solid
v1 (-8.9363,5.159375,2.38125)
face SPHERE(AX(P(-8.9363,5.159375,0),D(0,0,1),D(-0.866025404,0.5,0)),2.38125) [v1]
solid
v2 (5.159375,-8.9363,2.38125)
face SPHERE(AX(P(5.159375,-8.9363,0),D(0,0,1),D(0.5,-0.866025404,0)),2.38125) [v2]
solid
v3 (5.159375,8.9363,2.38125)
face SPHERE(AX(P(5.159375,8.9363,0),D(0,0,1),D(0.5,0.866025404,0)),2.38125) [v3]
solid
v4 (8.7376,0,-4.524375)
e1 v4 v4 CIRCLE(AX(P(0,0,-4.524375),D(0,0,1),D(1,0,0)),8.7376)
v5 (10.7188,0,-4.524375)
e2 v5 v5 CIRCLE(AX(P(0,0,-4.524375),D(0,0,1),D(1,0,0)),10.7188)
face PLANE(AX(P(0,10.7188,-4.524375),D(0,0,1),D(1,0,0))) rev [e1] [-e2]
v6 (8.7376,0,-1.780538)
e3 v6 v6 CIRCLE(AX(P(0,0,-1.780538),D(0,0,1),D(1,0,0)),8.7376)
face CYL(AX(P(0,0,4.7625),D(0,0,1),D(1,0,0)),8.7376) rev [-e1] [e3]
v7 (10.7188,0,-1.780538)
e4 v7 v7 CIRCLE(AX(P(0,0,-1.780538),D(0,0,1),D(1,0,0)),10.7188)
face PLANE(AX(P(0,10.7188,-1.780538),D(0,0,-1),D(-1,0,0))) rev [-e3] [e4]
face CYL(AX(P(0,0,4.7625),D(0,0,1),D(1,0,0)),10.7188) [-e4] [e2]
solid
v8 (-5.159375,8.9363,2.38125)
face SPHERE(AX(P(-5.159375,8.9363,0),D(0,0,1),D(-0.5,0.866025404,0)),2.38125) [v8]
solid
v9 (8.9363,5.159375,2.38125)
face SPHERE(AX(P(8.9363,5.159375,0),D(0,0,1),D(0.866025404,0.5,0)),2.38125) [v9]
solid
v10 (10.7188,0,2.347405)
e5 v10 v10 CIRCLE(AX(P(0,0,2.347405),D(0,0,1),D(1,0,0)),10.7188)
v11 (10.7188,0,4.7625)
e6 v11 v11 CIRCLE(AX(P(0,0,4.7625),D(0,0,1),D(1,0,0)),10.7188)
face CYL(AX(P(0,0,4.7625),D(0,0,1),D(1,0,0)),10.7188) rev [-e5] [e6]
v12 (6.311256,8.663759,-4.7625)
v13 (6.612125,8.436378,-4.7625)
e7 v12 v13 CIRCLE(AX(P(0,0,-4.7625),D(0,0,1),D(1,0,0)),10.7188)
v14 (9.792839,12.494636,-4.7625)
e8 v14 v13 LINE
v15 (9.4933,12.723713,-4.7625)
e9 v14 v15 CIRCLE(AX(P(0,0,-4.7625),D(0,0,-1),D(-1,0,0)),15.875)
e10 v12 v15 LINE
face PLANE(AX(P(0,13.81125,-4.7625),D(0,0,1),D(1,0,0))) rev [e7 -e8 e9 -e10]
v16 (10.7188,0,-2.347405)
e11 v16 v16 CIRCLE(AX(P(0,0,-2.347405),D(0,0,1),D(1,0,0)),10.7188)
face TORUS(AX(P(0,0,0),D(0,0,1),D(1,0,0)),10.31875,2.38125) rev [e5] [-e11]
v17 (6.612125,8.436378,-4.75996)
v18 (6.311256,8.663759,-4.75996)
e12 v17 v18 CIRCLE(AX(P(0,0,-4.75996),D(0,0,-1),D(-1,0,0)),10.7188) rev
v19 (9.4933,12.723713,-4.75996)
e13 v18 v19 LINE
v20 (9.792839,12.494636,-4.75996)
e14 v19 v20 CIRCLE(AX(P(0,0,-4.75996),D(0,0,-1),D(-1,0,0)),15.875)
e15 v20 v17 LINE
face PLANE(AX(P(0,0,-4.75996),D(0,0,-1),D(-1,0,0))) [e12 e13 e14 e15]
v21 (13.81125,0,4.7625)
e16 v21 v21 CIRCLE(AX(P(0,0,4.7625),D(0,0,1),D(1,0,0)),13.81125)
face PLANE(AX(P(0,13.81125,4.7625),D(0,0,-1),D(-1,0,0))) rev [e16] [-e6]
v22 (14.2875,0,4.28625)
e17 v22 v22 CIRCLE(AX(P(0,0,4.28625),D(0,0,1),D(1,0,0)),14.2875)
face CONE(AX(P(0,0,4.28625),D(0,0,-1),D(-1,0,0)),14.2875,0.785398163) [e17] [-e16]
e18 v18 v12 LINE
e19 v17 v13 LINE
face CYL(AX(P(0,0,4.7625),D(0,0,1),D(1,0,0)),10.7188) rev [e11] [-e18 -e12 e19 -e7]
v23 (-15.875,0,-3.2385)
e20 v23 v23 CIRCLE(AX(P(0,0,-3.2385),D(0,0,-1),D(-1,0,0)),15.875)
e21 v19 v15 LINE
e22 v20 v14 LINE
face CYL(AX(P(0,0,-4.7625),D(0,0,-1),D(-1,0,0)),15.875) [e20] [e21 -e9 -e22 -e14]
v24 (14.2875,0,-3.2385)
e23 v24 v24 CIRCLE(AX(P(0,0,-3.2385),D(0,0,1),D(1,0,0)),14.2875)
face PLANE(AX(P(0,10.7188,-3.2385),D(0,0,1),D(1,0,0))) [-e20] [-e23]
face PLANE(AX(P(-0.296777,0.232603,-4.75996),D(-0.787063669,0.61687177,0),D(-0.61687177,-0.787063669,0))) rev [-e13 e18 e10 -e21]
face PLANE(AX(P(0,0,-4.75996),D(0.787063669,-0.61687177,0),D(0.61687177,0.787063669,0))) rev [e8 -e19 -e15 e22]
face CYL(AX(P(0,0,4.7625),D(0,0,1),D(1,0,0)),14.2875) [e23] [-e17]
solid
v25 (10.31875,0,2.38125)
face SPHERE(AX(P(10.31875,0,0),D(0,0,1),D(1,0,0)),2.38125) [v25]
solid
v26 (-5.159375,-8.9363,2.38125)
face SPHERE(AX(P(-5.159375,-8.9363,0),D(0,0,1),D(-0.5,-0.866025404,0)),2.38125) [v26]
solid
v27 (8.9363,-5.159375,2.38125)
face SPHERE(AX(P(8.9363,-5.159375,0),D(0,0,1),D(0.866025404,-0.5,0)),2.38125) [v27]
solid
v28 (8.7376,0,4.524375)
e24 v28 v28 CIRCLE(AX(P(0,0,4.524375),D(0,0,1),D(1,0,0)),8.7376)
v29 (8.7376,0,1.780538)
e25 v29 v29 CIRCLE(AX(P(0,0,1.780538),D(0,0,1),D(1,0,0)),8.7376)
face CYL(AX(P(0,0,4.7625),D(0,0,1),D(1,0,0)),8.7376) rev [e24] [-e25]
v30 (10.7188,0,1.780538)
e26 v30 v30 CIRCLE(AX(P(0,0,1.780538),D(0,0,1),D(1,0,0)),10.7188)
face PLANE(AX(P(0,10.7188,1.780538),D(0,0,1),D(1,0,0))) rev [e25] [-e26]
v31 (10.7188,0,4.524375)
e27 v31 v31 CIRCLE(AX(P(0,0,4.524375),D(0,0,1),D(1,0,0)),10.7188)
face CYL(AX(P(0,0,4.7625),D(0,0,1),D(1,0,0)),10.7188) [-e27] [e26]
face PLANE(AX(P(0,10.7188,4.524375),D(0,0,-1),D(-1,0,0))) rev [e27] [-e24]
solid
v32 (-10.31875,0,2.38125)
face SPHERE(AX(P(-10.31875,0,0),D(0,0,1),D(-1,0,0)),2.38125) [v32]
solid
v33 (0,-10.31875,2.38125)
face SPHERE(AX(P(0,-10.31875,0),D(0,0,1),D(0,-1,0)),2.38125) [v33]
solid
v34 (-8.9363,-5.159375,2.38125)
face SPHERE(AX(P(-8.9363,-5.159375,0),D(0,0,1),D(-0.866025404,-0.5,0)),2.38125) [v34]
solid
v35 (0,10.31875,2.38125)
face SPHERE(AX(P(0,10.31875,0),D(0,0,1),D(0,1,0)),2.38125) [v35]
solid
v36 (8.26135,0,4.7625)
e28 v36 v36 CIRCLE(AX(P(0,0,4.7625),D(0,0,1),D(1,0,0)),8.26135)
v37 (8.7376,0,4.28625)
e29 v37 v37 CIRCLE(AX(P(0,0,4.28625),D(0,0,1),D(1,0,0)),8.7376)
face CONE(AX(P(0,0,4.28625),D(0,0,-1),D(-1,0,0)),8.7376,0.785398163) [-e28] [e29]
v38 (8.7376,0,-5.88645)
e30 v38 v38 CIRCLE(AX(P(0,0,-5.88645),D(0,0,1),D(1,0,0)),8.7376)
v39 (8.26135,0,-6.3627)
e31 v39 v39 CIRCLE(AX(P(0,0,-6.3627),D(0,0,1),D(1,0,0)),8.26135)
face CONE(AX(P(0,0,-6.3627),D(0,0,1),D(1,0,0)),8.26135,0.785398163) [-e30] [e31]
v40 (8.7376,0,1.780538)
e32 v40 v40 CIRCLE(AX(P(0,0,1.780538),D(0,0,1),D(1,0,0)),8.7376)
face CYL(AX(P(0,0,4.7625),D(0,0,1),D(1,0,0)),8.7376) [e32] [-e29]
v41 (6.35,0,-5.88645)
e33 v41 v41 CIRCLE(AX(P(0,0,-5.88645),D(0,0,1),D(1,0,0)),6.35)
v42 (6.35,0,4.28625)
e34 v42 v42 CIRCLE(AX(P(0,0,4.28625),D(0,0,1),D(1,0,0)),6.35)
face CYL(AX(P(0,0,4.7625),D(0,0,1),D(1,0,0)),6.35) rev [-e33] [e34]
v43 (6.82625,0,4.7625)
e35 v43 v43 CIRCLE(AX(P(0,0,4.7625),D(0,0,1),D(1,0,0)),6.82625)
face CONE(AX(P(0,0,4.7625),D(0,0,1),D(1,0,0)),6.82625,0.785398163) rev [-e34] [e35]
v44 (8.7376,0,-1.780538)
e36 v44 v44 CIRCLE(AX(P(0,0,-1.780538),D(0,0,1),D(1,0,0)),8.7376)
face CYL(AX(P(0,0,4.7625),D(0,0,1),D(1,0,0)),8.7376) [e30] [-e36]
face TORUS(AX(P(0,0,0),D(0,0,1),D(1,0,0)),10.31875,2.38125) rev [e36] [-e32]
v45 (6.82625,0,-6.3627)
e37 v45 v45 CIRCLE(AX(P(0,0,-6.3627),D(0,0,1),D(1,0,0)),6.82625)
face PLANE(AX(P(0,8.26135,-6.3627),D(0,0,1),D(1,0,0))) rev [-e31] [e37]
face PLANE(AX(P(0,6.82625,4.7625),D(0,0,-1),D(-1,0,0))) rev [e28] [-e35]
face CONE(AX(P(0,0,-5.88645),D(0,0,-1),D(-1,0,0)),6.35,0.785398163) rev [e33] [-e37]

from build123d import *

# Parameters (mm, degrees)
SKETCH6_W          = 1.524
SKETCH6_H          = 5.1562
CIRPATTERN1_COUNT  = 12
SKETCH5_W          = 2.743836812
SKETCH5_H          = 1.9812
CUT_EXTRUDE1_DEPTH = 0.00254


with BuildPart() as part:
    # Sketch1 → Revolve1 (revolve)
    with BuildSketch(Plane(origin=(0, 0, 0), x_dir=(0, 0, -1), z_dir=(1, 0, 0))):
        with BuildLine():
            Line((4.28625, 14.2875), (-4.28625, 14.2875))
            Line((-4.28625, 14.2875), (-4.7625, 13.81125))
            Line((-4.7625, 13.81125), (-4.7625, 10.7188))
            Line((-4.7625, 10.7188), (-2.347405282, 10.7188))
            ThreePointArc((-2.347405282, 10.7188), (0, 12.7), (2.347405282, 10.7188))
            Line((2.347405282, 10.7188), (4.7625, 10.7188))
            Line((4.7625, 10.7188), (4.7625, 13.81125))
            Line((4.7625, 13.81125), (4.28625, 14.2875))
        make_face()
    revolve(axis=Axis((0, 0, 4.7625), (0, 0, -1)))

    # Sketch6 → Revolve6 (revolve)
    with BuildSketch(Plane(origin=(0, 0, 0), x_dir=(0, 0, -1), z_dir=(1, 0, 0))):
        with Locations((4.0005, 13.2969)):
            Rectangle(SKETCH6_W, SKETCH6_H)
    revolve(axis=Axis((0, 0, -4.7625), (0, 0, 1)))

    # Sketch7 → Cut-Extrude1 (cut)
    with BuildSketch(Plane(origin=(0, 0, -4.7625), x_dir=(-1, 0, 0), z_dir=(0, 0, -1))):
        with BuildLine():
            ThreePointArc((-9.493299855, 12.723713407), (-9.643749817, 12.610064015), (-9.792839353, 12.494635745))
            Line((-9.792839353, 12.494635745), (-6.612125131, 8.436378055))
            ThreePointArc((-6.612125131, 8.436378055), (-6.462690611, 8.551391905), (-6.311255911, 8.66375913))
            Line((-6.311255911, 8.66375913), (-9.493299855, 12.723713407))
        make_face()
    extrude(amount=-CUT_EXTRUDE1_DEPTH, mode=Mode.SUBTRACT)


with BuildPart() as body_2:
    # Sketch3 → Revolve3 (revolve)
    with BuildSketch(Plane(origin=(0, 0, 0), x_dir=(0, 0, -1), z_dir=(1, 0, 0))):
        with BuildLine():
            Line((-4.7625, 6.82625), (-4.7625, 8.26135))
            Line((-4.7625, 8.26135), (-4.28625, 8.7376))
            Line((-4.28625, 8.7376), (-1.780538188, 8.7376))
            ThreePointArc((-1.780538188, 8.7376), (0, 7.9375), (1.780538188, 8.7376))
            Line((1.780538188, 8.7376), (5.88645, 8.7376))
            Line((5.88645, 8.7376), (6.3627, 8.26135))
            Line((6.3627, 8.26135), (6.3627, 6.82625))
            Line((6.3627, 6.82625), (5.88645, 6.35))
            Line((5.88645, 6.35), (-4.28625, 6.35))
            Line((-4.28625, 6.35), (-4.7625, 6.82625))
        make_face()
    revolve(axis=Axis((0, 0, 4.7625), (0, 0, -1)))


with BuildPart() as body_3:
    # Sketch4 → Revolve4 (revolve)
    with BuildSketch(Plane(origin=(0, 0, 0), x_dir=(0, 0, -1), z_dir=(1, 0, 0))):
        with BuildLine():
            Line((-2.38125, 10.31875), (2.38125, 10.31875))
            ThreePointArc((2.38125, 10.31875), (0, 12.7), (-2.38125, 10.31875))
        make_face()
    revolve(axis=Axis((0, 10.31875, 2.38125), (0, 0, -1)))


with BuildPart() as cirpattern1_1:
    # CirPattern1: pattern copy
    add(body_3.part.rotate(Axis((0, 0, -4.7625), (0, 0, 1)), 1 * 360 / CIRPATTERN1_COUNT))


with BuildPart() as cirpattern1_2:
    # CirPattern1: pattern copy
    add(body_3.part.rotate(Axis((0, 0, -4.7625), (0, 0, 1)), 2 * 360 / CIRPATTERN1_COUNT))


with BuildPart() as cirpattern1_3:
    # CirPattern1: pattern copy
    add(body_3.part.rotate(Axis((0, 0, -4.7625), (0, 0, 1)), 3 * 360 / CIRPATTERN1_COUNT))


with BuildPart() as cirpattern1_4:
    # CirPattern1: pattern copy
    add(body_3.part.rotate(Axis((0, 0, -4.7625), (0, 0, 1)), 4 * 360 / CIRPATTERN1_COUNT))


with BuildPart() as cirpattern1_5:
    # CirPattern1: pattern copy
    add(body_3.part.rotate(Axis((0, 0, -4.7625), (0, 0, 1)), 5 * 360 / CIRPATTERN1_COUNT))


with BuildPart() as cirpattern1_6:
    # CirPattern1: pattern copy
    add(body_3.part.rotate(Axis((0, 0, -4.7625), (0, 0, 1)), 6 * 360 / CIRPATTERN1_COUNT))


with BuildPart() as cirpattern1_7:
    # CirPattern1: pattern copy
    add(body_3.part.rotate(Axis((0, 0, -4.7625), (0, 0, 1)), 7 * 360 / CIRPATTERN1_COUNT))


with BuildPart() as cirpattern1_8:
    # CirPattern1: pattern copy
    add(body_3.part.rotate(Axis((0, 0, -4.7625), (0, 0, 1)), 8 * 360 / CIRPATTERN1_COUNT))


with BuildPart() as cirpattern1_9:
    # CirPattern1: pattern copy
    add(body_3.part.rotate(Axis((0, 0, -4.7625), (0, 0, 1)), 9 * 360 / CIRPATTERN1_COUNT))


with BuildPart() as cirpattern1_10:
    # CirPattern1: pattern copy
    add(body_3.part.rotate(Axis((0, 0, -4.7625), (0, 0, 1)), 10 * 360 / CIRPATTERN1_COUNT))


with BuildPart() as cirpattern1_11:
    # CirPattern1: pattern copy
    add(body_3.part.rotate(Axis((0, 0, -4.7625), (0, 0, 1)), 11 * 360 / CIRPATTERN1_COUNT))


with BuildPart() as body_15:
    # Sketch5 → Revolve5 (revolve)
    with BuildSketch(Plane(origin=(0, 0, 0), x_dir=(0, 0, -1), z_dir=(1, 0, 0))):
        with Locations((-3.152456594, 9.7282)):
            Rectangle(SKETCH5_W, SKETCH5_H)
        with Locations((3.152456594, 9.7282)):
            Rectangle(SKETCH5_W, SKETCH5_H)
    revolve(axis=Axis((0, 0, 4.7625), (0, 0, -1)))


solid = Compound([part.part, body_2.part, body_3.part, cirpattern1_1.part, cirpattern1_2.part, cirpattern1_3.part, cirpattern1_4.part, cirpattern1_5.part, cirpattern1_6.part, cirpattern1_7.part, cirpattern1_8.part, cirpattern1_9.part, cirpattern1_10.part, cirpattern1_11.part, body_15.part])
